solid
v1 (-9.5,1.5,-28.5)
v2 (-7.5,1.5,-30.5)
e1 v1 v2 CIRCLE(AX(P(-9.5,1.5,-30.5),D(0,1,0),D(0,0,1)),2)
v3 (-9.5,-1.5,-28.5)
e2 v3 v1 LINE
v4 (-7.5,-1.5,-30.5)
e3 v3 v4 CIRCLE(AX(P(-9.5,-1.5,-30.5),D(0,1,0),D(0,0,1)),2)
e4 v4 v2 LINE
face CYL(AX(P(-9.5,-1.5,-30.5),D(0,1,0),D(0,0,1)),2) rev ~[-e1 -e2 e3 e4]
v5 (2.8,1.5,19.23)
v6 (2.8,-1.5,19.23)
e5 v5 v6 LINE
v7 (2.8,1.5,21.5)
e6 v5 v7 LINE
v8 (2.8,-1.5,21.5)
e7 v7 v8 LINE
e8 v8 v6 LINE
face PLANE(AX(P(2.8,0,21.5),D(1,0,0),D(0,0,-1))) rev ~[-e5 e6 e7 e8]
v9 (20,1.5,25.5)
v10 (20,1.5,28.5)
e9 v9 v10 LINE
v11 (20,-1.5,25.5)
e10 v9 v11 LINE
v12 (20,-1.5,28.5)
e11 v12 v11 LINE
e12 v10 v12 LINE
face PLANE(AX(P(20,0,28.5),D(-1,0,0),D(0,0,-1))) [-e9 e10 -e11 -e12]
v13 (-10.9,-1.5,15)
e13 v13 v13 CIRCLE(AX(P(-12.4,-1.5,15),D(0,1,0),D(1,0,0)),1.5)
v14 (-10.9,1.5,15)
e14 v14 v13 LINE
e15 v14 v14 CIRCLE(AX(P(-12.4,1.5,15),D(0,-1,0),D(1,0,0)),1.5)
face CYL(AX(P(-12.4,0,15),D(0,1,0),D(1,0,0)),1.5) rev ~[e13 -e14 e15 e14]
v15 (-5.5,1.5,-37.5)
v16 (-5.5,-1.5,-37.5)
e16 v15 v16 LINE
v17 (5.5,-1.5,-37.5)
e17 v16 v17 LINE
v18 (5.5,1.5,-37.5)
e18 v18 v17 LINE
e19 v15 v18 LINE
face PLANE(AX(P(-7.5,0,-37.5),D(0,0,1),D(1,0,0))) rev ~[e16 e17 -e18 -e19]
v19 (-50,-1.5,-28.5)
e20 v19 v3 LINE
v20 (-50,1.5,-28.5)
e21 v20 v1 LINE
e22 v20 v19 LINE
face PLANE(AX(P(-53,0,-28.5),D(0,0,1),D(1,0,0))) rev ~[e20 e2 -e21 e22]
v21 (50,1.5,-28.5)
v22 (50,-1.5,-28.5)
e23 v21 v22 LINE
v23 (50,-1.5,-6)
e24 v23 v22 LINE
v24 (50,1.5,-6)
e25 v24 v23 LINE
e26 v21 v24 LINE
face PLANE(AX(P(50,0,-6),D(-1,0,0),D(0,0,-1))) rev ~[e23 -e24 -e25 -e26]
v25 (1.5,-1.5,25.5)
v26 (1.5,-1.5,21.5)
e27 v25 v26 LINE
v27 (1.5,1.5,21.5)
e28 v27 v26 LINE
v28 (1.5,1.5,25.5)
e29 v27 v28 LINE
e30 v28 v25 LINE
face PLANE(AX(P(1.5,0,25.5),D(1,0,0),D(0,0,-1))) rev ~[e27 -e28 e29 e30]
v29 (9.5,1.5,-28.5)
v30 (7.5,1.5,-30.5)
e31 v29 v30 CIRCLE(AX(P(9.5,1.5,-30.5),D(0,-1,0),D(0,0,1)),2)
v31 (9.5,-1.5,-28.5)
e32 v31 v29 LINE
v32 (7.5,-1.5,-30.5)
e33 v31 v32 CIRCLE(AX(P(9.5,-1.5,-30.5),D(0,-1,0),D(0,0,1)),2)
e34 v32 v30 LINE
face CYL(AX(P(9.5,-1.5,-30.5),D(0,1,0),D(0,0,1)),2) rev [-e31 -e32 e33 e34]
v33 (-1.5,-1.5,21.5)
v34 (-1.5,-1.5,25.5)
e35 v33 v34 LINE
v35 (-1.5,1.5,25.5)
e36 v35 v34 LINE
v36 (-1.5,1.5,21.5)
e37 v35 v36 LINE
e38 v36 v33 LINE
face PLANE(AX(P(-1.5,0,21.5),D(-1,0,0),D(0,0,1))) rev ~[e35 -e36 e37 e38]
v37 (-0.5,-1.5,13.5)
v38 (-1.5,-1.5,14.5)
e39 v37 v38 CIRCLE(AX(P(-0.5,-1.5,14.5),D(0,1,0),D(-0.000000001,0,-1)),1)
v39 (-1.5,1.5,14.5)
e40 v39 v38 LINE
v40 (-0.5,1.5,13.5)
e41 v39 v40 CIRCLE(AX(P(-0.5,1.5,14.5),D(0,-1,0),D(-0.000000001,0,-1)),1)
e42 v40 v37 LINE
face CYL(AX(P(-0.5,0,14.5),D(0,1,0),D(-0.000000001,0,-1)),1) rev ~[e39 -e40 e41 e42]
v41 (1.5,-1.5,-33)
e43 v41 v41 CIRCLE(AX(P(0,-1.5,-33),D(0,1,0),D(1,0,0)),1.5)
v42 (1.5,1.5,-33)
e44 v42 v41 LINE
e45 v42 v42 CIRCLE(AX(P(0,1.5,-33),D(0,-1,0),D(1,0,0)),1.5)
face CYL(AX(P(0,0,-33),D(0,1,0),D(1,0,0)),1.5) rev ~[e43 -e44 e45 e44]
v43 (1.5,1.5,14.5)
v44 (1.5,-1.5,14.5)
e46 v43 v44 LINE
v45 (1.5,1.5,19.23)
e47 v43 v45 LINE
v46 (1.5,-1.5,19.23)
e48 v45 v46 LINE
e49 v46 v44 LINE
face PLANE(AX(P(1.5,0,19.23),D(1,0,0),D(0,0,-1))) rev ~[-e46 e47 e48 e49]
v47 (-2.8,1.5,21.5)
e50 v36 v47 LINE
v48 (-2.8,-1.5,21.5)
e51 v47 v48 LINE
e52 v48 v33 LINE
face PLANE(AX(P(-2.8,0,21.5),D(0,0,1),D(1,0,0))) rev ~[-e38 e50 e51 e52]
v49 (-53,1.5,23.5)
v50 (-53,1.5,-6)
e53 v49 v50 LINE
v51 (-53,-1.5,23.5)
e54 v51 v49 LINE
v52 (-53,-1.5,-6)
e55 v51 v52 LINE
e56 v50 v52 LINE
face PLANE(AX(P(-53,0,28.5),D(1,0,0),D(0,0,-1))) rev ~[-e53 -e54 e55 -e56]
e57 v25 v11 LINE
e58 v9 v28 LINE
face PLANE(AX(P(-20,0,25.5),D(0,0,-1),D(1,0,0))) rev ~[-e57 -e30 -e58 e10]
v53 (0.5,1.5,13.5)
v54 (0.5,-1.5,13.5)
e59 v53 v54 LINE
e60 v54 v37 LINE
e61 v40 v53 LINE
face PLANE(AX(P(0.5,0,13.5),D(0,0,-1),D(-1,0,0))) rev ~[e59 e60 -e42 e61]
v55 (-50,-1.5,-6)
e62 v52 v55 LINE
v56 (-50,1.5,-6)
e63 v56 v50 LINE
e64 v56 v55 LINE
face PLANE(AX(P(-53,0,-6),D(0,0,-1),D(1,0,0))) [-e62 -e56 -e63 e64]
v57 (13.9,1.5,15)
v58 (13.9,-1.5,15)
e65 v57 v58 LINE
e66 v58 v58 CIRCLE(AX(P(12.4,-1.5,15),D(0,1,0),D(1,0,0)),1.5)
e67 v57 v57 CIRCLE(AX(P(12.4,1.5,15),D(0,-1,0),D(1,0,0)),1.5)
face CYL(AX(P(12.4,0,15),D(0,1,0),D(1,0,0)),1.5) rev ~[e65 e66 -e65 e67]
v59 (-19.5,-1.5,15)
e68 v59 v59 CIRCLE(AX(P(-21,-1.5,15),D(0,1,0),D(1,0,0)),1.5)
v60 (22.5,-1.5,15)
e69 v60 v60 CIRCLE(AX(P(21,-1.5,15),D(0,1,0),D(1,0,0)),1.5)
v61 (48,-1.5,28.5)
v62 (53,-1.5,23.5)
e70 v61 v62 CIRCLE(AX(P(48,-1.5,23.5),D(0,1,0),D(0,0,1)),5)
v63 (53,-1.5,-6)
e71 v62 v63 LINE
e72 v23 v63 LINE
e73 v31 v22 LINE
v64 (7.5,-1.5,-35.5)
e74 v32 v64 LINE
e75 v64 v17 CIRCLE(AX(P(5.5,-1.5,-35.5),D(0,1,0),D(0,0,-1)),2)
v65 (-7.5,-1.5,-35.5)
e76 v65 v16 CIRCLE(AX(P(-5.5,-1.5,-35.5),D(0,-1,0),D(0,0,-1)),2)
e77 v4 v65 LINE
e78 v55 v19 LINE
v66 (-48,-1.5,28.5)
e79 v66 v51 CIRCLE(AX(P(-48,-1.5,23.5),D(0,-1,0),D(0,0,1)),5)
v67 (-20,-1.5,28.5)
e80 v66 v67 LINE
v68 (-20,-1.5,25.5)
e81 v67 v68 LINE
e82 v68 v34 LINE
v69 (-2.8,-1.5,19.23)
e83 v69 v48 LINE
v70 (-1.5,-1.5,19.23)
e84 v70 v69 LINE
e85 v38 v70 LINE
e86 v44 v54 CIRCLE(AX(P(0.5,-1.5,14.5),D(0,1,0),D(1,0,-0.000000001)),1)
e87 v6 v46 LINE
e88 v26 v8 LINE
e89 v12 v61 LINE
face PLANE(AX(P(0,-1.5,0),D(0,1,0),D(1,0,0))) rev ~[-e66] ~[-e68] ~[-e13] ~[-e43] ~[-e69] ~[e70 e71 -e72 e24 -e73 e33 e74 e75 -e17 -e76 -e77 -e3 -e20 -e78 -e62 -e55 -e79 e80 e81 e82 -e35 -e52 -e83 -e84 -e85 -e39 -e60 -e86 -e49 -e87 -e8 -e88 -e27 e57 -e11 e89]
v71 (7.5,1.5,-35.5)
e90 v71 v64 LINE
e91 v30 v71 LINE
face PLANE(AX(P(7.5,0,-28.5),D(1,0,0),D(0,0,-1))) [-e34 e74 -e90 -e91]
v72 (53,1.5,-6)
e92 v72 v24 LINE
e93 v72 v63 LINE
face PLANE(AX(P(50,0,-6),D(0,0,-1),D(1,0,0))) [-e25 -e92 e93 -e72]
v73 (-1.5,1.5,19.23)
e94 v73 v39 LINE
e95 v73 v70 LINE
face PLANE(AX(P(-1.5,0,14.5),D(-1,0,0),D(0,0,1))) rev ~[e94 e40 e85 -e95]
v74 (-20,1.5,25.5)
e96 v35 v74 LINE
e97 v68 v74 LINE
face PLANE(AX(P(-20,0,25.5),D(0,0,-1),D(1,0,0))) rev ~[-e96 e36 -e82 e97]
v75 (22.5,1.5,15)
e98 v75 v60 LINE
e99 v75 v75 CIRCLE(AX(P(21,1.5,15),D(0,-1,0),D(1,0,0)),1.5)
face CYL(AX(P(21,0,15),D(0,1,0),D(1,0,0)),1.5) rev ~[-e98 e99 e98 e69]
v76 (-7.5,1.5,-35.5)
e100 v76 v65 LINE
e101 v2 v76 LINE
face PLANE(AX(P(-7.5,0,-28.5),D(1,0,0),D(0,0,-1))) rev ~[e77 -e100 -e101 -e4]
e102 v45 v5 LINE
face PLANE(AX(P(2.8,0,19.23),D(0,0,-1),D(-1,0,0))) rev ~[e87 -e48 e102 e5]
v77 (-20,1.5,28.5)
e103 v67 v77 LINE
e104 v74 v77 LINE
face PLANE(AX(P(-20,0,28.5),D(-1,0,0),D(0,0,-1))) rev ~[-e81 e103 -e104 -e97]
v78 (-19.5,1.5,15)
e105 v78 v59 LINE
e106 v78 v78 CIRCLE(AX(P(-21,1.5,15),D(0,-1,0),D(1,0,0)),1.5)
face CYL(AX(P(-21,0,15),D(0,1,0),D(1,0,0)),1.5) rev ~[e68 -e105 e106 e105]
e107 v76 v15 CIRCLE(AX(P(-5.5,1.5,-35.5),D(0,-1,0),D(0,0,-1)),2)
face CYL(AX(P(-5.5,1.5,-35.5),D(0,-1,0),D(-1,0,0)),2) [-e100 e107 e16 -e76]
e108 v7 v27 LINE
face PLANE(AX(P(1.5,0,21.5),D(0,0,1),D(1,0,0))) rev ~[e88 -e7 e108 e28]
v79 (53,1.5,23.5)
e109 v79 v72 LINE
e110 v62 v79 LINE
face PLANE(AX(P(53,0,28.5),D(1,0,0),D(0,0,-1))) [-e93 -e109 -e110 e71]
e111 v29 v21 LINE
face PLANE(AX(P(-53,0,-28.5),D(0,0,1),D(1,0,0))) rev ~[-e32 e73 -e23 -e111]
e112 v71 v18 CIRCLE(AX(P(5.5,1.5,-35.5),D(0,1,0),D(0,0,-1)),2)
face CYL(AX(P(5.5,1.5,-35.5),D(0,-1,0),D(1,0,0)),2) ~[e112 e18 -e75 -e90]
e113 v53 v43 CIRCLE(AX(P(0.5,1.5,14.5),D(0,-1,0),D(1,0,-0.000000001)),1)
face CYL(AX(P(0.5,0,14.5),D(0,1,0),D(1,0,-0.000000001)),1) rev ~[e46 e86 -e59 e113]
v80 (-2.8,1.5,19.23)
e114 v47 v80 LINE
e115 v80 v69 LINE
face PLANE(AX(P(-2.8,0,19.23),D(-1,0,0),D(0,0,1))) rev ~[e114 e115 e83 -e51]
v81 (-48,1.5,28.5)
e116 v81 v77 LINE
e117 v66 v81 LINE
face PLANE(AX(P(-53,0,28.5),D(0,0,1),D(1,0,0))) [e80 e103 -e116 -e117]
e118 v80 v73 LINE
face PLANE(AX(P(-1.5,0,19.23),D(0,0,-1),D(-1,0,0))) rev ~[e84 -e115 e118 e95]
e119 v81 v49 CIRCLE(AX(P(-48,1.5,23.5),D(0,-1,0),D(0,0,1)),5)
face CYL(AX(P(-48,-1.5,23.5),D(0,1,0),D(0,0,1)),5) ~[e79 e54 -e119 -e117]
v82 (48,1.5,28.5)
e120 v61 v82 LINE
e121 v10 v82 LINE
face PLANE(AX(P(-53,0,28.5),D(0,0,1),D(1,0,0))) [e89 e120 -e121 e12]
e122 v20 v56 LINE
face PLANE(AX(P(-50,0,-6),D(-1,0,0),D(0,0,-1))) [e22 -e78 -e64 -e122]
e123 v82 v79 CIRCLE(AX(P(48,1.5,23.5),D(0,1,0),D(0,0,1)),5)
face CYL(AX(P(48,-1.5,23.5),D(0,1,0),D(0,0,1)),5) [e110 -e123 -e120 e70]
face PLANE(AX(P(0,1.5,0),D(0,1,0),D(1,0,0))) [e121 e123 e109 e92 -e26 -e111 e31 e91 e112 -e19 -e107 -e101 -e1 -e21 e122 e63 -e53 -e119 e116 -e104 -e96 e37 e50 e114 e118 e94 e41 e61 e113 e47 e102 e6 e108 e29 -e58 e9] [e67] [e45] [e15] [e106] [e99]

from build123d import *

# Parameters (mm, degrees)
SKETCH1_W               = 106
SKETCH1_H               = 57
BOSS_EXTRUDE1_DEPTH     = 1.5
SKETCH2_W               = 3
SKETCH2_H               = 22.5
SKETCH2_W_2             = 40
SKETCH2_H_2             = 3
CUT_EXTRUDE1_DEPTH      = 2.5
CUT_EXTRUDE1_DEPTH_BACK = 2.5
SKETCH4_W               = 15
SKETCH4_H               = 9
BOSS_EXTRUDE2_DEPTH     = 1.5
FILLET1_R               = 2
CUT_EXTRUDE2_DEPTH      = 2.5
CUT_EXTRUDE2_DEPTH_BACK = 2.5
SKETCH5_R               = 1.5
CUT_EXTRUDE3_DEPTH      = 2.5
CUT_EXTRUDE3_DEPTH_BACK = 2.5
FILLET2_R               = 5
SKETCH6_R               = 1.5
CUT_EXTRUDE4_DEPTH      = 2.5
CUT_EXTRUDE4_DEPTH_BACK = 2.5


with BuildPart() as part:
    # Sketch1 → Boss-Extrude1 (new body, symmetric)
    with BuildSketch(Plane(origin=(0, 0, 0), x_dir=(1, 0, 0), z_dir=(0, 1, 0))):
        Rectangle(SKETCH1_W, SKETCH1_H)
    extrude(amount=BOSS_EXTRUDE1_DEPTH, both=True)

    # Sketch2 → Cut-Extrude1 (cut, two sides)
    with BuildSketch(Plane(origin=(0, 0, 0), x_dir=(1, 0, 0), z_dir=(0, 1, 0))) as cut_extrude1_sk:
        with Locations((-51.5, 17.25)):
            Rectangle(SKETCH2_W, SKETCH2_H)
        with Locations((51.5, 17.25)):
            Rectangle(SKETCH2_W, SKETCH2_H)
        with Locations((0, -27)):
            Rectangle(SKETCH2_W_2, SKETCH2_H_2)
    extrude(amount=CUT_EXTRUDE1_DEPTH, mode=Mode.SUBTRACT)
    extrude(cut_extrude1_sk.sketch, amount=-CUT_EXTRUDE1_DEPTH_BACK, mode=Mode.SUBTRACT)

    # Sketch4 → Boss-Extrude2 (add, symmetric)
    with BuildSketch(Plane(origin=(0, 0, 0), x_dir=(1, 0, 0), z_dir=(0, 1, 0))):
        with Locations((0, 33)):
            Rectangle(SKETCH4_W, SKETCH4_H)
    extrude(amount=BOSS_EXTRUDE2_DEPTH, both=True)

    # Fillet1
    fillet1_edges = [part.edges().sort_by_distance(p)[0] for p in [
        (-7.5, 0, -37.5),
        (-7.5, 0, -28.5),
        (7.5, 0, -28.5),
        (7.5, 0, -37.5),
    ]]
    fillet(fillet1_edges, radius=FILLET1_R)

    # Sketch3 → Cut-Extrude2 (cut, two sides)
    with BuildSketch(Plane(origin=(0, 0, 0), x_dir=(1, 0, 0), z_dir=(0, 1, 0))) as cut_extrude2_sk:
        with BuildLine():
            Line((-1.5, -25.5), (1.5, -25.5))
            Line((1.5, -25.5), (1.5, -21.5))
            Line((1.5, -21.5), (2.8, -21.5))
            Line((2.8, -21.5), (2.8, -19.23))
            Line((2.8, -19.23), (1.5, -19.23))
            Line((1.5, -19.23), (1.5, -14.5))
            ThreePointArc((1.5, -14.5), (1.207106781, -13.792893219), (0.5, -13.5))
            Line((0.5, -13.5), (-0.5, -13.5))
            ThreePointArc((-0.5, -13.5), (-1.207106781, -13.792893219), (-1.5, -14.5))
            Line((-1.5, -14.5), (-1.5, -19.23))
            Line((-1.5, -19.23), (-2.8, -19.23))
            Line((-2.8, -19.23), (-2.8, -21.5))
            Line((-2.8, -21.5), (-1.5, -21.5))
            Line((-1.5, -21.5), (-1.5, -25.5))
        make_face()
    extrude(amount=CUT_EXTRUDE2_DEPTH, mode=Mode.SUBTRACT)
    extrude(cut_extrude2_sk.sketch, amount=-CUT_EXTRUDE2_DEPTH_BACK, mode=Mode.SUBTRACT)

    # Sketch5 → Cut-Extrude3 (cut, two sides)
    with BuildSketch(Plane(origin=(0, 0, 0), x_dir=(1, 0, 0), z_dir=(0, 1, 0))) as cut_extrude3_sk:
        with Locations((0, 33)):
            Circle(SKETCH5_R)
    extrude(amount=CUT_EXTRUDE3_DEPTH, mode=Mode.SUBTRACT)
    extrude(cut_extrude3_sk.sketch, amount=-CUT_EXTRUDE3_DEPTH_BACK, mode=Mode.SUBTRACT)

    # Fillet2
    fillet2_edges = [part.edges().sort_by_distance(p)[0] for p in [
        (53, 0, 28.5),
        (-53, 0, 28.5),
    ]]
    fillet(fillet2_edges, radius=FILLET2_R)

    # Sketch6 → Cut-Extrude4 (cut, two sides)
    with BuildSketch(Plane(origin=(0, 0, 0), x_dir=(1, 0, 0), z_dir=(0, 1, 0))) as cut_extrude4_sk:
        with Locations((-21, -15)):
            Circle(SKETCH6_R)
        with Locations((-12.4, -15)):
            Circle(SKETCH6_R)
        with Locations((12.4, -15)):
            Circle(SKETCH6_R)
        with Locations((21, -15)):
            Circle(SKETCH6_R)
    extrude(amount=CUT_EXTRUDE4_DEPTH, mode=Mode.SUBTRACT)
    extrude(cut_extrude4_sk.sketch, amount=-CUT_EXTRUDE4_DEPTH_BACK, mode=Mode.SUBTRACT)


solid = part.part
